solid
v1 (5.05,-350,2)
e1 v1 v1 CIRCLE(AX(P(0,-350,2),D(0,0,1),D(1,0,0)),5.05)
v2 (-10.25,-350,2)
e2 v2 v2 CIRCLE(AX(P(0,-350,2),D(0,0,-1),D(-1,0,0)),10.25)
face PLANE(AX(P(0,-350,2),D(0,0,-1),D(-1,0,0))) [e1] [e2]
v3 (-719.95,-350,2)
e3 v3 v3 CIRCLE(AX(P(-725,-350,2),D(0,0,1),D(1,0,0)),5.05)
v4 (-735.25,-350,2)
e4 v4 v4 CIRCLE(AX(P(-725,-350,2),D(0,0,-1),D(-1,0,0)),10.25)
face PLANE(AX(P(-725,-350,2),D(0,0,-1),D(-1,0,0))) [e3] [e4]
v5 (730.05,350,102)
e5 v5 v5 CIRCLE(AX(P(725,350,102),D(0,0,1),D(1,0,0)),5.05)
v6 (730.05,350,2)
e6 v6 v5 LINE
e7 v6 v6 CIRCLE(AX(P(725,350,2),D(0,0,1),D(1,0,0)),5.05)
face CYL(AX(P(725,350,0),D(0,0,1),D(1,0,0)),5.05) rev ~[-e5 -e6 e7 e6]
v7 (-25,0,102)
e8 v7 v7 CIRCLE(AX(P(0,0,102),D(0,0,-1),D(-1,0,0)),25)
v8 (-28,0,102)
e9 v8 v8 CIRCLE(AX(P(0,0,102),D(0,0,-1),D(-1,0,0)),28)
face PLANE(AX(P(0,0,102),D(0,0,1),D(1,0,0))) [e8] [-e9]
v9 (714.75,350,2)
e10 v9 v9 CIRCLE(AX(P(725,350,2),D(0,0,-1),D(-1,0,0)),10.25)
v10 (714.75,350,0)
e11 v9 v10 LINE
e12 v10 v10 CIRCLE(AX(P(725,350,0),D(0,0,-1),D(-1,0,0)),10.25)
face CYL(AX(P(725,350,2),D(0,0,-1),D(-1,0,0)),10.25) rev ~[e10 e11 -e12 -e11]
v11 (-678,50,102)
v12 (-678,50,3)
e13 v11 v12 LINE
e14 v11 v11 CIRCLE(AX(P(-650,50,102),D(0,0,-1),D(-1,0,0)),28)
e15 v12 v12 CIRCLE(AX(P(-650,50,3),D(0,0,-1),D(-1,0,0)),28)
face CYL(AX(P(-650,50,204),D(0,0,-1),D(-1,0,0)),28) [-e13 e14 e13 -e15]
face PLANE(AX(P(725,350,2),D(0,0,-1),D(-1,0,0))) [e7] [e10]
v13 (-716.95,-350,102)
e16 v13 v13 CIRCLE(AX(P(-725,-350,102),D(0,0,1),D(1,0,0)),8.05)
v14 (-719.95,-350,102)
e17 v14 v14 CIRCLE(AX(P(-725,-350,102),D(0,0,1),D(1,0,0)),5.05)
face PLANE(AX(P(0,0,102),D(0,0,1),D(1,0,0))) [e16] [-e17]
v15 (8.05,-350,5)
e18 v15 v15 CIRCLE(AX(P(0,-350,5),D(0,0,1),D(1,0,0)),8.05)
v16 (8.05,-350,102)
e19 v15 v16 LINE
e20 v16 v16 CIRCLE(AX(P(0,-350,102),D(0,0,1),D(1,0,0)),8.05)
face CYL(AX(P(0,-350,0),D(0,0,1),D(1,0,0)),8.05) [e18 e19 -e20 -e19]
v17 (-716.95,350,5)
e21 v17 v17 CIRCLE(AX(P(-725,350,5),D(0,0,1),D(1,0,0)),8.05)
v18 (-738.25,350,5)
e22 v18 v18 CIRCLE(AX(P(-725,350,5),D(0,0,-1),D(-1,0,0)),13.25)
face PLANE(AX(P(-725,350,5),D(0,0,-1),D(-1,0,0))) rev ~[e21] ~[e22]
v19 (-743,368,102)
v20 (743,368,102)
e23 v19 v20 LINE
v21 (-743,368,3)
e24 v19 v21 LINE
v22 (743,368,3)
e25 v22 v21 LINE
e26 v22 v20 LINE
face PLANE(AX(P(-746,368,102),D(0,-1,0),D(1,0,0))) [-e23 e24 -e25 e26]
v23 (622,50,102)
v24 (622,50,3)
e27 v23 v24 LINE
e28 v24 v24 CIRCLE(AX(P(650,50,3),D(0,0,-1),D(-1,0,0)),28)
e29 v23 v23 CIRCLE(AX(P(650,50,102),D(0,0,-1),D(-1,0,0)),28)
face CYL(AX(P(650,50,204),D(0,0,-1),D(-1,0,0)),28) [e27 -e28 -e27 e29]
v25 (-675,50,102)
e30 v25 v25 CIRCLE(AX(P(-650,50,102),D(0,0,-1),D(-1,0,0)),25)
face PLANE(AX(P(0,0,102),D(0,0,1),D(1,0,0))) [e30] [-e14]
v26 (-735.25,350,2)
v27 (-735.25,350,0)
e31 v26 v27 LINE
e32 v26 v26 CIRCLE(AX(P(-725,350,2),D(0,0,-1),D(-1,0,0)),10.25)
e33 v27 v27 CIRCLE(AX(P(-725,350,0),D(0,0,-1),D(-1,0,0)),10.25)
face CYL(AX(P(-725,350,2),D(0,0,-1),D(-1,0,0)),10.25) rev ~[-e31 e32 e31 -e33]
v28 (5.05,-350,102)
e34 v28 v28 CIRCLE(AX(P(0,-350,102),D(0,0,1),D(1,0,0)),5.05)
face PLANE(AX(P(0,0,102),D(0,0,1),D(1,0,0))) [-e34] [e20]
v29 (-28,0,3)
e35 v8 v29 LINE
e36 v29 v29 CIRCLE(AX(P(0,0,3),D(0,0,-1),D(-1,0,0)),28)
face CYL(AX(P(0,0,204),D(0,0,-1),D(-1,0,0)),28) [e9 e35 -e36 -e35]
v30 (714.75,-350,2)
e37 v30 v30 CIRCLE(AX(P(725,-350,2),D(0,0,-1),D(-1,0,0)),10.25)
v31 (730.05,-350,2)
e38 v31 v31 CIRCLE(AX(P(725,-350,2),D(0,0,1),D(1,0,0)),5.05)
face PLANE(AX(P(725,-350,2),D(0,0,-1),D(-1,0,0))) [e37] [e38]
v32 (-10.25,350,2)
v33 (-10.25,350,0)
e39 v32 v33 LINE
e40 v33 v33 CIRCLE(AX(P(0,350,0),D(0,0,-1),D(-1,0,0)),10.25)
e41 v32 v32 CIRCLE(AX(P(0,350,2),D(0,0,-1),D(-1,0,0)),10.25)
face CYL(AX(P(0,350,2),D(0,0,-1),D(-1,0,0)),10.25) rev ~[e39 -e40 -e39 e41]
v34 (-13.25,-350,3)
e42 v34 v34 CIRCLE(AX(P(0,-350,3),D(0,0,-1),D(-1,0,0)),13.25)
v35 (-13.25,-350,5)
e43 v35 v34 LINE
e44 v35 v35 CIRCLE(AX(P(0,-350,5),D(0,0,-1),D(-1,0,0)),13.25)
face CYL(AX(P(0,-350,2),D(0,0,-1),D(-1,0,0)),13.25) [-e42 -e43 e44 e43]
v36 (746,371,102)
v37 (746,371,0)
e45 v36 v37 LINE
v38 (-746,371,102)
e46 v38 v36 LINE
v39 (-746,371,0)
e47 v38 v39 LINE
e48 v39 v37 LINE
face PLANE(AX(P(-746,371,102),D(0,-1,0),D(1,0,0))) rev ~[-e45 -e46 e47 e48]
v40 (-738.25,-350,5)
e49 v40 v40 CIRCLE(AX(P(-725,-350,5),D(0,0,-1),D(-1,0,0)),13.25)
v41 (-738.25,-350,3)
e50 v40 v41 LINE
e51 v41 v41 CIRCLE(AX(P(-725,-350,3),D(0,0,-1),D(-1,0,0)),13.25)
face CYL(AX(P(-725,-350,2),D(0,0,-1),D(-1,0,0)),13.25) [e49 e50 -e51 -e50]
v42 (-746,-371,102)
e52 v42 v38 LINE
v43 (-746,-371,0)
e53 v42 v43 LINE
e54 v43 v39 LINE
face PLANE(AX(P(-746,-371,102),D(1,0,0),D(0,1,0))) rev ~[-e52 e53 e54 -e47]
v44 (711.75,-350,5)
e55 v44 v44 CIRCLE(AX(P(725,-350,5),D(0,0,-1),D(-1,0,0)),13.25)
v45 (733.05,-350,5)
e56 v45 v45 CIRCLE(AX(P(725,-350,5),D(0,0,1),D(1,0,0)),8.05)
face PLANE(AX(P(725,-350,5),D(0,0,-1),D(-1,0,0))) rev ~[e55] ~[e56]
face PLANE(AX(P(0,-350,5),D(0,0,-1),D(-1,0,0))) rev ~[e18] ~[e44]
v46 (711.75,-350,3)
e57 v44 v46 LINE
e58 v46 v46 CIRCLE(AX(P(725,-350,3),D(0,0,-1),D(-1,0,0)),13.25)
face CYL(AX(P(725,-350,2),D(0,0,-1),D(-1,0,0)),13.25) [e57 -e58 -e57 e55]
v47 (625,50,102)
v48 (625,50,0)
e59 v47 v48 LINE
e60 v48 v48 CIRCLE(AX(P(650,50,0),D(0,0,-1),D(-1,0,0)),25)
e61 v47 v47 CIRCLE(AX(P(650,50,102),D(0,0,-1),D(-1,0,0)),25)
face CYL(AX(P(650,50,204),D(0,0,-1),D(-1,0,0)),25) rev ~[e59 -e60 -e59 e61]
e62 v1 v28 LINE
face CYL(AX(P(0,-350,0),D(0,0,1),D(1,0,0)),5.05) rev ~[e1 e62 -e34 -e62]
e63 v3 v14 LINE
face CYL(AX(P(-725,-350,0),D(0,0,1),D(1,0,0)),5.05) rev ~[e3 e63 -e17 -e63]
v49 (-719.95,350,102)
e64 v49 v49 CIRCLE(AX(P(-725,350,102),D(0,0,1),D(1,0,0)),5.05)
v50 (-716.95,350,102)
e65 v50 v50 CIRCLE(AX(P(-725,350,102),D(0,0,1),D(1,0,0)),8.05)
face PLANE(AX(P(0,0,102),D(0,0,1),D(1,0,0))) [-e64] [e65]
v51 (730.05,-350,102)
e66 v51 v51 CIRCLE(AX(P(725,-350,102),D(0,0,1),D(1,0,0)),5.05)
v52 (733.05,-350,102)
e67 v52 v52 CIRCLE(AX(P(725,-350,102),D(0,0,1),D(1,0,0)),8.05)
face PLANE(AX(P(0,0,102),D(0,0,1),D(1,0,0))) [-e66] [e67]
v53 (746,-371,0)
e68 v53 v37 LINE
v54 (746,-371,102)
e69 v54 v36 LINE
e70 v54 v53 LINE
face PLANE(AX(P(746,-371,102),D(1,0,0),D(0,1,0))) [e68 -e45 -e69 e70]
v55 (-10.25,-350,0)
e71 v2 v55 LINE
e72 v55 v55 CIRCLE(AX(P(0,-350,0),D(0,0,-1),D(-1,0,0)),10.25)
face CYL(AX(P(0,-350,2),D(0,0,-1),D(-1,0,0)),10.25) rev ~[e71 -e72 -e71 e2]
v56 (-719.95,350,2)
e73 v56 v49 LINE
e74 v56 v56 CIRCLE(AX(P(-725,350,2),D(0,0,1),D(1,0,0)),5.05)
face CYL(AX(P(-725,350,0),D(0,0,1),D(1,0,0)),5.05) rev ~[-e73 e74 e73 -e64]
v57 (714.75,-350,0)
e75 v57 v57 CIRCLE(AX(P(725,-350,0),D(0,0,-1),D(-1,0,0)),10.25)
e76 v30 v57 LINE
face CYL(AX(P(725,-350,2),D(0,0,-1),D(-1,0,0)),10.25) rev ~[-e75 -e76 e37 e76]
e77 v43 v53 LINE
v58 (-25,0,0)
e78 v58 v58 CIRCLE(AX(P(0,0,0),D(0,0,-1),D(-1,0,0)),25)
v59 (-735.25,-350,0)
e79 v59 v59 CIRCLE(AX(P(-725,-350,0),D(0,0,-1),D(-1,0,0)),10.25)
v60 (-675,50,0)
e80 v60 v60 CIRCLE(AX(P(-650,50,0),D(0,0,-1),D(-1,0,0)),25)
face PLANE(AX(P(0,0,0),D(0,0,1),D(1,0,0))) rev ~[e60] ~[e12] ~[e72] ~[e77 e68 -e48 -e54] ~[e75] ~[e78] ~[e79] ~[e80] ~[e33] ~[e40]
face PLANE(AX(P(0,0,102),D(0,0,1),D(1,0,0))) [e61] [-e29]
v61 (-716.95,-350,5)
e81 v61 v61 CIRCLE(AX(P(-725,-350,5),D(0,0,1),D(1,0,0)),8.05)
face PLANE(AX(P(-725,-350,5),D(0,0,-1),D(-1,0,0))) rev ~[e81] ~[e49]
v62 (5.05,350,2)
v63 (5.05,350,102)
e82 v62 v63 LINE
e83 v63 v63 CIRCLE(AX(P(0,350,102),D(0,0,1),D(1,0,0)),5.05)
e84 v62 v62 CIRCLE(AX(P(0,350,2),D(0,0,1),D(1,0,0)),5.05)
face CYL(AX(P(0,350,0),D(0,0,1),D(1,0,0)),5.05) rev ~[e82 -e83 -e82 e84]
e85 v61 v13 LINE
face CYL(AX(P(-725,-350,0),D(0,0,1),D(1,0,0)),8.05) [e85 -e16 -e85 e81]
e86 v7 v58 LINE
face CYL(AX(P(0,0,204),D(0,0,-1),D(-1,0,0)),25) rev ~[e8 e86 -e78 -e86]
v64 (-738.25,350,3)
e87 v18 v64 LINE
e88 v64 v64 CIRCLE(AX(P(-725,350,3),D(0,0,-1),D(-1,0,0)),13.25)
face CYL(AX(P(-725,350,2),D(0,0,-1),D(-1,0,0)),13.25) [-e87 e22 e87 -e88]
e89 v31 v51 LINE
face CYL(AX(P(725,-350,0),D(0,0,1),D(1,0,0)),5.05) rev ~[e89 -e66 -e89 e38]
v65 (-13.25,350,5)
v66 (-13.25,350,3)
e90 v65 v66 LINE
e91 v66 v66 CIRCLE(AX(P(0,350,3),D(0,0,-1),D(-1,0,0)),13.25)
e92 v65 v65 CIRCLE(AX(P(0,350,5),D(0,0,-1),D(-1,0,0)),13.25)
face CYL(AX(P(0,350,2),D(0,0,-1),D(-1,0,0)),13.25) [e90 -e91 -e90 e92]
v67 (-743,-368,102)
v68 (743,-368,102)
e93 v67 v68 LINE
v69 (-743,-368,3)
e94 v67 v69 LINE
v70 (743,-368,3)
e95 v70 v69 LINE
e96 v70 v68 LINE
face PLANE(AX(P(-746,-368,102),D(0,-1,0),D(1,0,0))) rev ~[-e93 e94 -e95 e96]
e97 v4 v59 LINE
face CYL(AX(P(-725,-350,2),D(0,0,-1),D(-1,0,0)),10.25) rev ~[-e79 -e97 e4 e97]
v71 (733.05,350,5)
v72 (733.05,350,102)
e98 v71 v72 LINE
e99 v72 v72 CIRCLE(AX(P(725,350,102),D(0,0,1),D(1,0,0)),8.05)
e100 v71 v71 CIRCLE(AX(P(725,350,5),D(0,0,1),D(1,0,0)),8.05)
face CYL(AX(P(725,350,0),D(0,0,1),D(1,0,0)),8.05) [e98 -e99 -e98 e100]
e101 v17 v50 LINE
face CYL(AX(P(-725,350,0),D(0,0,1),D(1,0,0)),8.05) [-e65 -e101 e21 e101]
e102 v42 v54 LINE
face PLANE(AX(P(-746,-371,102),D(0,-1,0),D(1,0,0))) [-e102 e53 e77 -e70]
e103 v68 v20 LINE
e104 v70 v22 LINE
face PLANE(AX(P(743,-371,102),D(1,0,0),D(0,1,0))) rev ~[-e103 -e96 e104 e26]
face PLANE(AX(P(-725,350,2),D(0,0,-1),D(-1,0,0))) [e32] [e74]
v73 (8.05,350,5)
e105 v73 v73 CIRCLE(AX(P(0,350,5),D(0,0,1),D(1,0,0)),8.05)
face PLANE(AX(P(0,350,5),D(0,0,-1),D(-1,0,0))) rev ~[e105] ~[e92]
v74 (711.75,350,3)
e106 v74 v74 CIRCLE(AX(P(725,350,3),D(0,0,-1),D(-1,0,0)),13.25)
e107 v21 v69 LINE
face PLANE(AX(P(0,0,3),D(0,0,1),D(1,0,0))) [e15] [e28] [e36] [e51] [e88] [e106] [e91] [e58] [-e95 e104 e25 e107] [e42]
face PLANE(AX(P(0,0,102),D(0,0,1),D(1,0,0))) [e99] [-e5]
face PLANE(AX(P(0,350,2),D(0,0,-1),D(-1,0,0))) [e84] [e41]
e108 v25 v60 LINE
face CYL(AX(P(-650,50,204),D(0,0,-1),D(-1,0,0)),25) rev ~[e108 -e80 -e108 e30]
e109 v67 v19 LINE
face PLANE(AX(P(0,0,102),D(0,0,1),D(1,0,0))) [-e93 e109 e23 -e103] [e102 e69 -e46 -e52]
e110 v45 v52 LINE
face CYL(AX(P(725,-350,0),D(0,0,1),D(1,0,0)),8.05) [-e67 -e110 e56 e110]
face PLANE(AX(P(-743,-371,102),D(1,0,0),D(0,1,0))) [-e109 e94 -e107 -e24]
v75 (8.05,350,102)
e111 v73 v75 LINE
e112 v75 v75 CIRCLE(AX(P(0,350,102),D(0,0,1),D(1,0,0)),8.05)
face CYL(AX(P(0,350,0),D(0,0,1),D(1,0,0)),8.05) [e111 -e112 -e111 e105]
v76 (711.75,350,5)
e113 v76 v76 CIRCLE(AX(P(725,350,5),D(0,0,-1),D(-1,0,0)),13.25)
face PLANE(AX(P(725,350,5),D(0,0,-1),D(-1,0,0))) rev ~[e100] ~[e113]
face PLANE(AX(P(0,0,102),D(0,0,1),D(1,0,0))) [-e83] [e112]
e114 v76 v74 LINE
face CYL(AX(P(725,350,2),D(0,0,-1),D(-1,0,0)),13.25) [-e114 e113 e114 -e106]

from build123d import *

# Parameters (mm, degrees)
SKETCH1_W                 = 1492
SKETCH1_H                 = 742
BOSS_EXTRUDE1_DEPTH       = 102
HOLE1_D                   = 10.1
HOLE1_DEPTH               = 102
HOLE1_CBORE_D             = 20.5
HOLE1_CBORE_DEPTH         = 2
M45_CLEARANCE_HOLE1_D     = 50
M45_CLEARANCE_HOLE1_DEPTH = 102
SHELL1_T                  = -3


with BuildPart() as part:
    # Sketch1 → Boss-Extrude1 (new body)
    with BuildSketch(Plane.XY.offset(102)):
        Rectangle(SKETCH1_W, SKETCH1_H)
    extrude(amount=-BOSS_EXTRUDE1_DEPTH)

    # Hole1
    with Locations(Plane(origin=(0, 0, 0), x_dir=(-1, 0, 0), z_dir=(0, 0, -1))):
        with Locations((725, 350), (-725, 350), (-725, -350), (725, -350), (0, 350), (0, -350)):
            CounterBoreHole(HOLE1_D / 2, HOLE1_CBORE_D / 2, HOLE1_CBORE_DEPTH, depth=HOLE1_DEPTH)

    # M45 Clearance Hole1
    with Locations(Plane.XY.offset(102)):
        with Locations((650, 50), (0, 0), (-650, 50)):
            Hole(M45_CLEARANCE_HOLE1_D / 2, depth=M45_CLEARANCE_HOLE1_DEPTH)

    # Shell1
    shell1_openings = [part.faces().sort_by_distance(p)[0] for p in [
        (675, 50, 102),
    ]]
    offset(amount=SHELL1_T, openings=shell1_openings, kind=Kind.INTERSECTION)


solid = part.part
